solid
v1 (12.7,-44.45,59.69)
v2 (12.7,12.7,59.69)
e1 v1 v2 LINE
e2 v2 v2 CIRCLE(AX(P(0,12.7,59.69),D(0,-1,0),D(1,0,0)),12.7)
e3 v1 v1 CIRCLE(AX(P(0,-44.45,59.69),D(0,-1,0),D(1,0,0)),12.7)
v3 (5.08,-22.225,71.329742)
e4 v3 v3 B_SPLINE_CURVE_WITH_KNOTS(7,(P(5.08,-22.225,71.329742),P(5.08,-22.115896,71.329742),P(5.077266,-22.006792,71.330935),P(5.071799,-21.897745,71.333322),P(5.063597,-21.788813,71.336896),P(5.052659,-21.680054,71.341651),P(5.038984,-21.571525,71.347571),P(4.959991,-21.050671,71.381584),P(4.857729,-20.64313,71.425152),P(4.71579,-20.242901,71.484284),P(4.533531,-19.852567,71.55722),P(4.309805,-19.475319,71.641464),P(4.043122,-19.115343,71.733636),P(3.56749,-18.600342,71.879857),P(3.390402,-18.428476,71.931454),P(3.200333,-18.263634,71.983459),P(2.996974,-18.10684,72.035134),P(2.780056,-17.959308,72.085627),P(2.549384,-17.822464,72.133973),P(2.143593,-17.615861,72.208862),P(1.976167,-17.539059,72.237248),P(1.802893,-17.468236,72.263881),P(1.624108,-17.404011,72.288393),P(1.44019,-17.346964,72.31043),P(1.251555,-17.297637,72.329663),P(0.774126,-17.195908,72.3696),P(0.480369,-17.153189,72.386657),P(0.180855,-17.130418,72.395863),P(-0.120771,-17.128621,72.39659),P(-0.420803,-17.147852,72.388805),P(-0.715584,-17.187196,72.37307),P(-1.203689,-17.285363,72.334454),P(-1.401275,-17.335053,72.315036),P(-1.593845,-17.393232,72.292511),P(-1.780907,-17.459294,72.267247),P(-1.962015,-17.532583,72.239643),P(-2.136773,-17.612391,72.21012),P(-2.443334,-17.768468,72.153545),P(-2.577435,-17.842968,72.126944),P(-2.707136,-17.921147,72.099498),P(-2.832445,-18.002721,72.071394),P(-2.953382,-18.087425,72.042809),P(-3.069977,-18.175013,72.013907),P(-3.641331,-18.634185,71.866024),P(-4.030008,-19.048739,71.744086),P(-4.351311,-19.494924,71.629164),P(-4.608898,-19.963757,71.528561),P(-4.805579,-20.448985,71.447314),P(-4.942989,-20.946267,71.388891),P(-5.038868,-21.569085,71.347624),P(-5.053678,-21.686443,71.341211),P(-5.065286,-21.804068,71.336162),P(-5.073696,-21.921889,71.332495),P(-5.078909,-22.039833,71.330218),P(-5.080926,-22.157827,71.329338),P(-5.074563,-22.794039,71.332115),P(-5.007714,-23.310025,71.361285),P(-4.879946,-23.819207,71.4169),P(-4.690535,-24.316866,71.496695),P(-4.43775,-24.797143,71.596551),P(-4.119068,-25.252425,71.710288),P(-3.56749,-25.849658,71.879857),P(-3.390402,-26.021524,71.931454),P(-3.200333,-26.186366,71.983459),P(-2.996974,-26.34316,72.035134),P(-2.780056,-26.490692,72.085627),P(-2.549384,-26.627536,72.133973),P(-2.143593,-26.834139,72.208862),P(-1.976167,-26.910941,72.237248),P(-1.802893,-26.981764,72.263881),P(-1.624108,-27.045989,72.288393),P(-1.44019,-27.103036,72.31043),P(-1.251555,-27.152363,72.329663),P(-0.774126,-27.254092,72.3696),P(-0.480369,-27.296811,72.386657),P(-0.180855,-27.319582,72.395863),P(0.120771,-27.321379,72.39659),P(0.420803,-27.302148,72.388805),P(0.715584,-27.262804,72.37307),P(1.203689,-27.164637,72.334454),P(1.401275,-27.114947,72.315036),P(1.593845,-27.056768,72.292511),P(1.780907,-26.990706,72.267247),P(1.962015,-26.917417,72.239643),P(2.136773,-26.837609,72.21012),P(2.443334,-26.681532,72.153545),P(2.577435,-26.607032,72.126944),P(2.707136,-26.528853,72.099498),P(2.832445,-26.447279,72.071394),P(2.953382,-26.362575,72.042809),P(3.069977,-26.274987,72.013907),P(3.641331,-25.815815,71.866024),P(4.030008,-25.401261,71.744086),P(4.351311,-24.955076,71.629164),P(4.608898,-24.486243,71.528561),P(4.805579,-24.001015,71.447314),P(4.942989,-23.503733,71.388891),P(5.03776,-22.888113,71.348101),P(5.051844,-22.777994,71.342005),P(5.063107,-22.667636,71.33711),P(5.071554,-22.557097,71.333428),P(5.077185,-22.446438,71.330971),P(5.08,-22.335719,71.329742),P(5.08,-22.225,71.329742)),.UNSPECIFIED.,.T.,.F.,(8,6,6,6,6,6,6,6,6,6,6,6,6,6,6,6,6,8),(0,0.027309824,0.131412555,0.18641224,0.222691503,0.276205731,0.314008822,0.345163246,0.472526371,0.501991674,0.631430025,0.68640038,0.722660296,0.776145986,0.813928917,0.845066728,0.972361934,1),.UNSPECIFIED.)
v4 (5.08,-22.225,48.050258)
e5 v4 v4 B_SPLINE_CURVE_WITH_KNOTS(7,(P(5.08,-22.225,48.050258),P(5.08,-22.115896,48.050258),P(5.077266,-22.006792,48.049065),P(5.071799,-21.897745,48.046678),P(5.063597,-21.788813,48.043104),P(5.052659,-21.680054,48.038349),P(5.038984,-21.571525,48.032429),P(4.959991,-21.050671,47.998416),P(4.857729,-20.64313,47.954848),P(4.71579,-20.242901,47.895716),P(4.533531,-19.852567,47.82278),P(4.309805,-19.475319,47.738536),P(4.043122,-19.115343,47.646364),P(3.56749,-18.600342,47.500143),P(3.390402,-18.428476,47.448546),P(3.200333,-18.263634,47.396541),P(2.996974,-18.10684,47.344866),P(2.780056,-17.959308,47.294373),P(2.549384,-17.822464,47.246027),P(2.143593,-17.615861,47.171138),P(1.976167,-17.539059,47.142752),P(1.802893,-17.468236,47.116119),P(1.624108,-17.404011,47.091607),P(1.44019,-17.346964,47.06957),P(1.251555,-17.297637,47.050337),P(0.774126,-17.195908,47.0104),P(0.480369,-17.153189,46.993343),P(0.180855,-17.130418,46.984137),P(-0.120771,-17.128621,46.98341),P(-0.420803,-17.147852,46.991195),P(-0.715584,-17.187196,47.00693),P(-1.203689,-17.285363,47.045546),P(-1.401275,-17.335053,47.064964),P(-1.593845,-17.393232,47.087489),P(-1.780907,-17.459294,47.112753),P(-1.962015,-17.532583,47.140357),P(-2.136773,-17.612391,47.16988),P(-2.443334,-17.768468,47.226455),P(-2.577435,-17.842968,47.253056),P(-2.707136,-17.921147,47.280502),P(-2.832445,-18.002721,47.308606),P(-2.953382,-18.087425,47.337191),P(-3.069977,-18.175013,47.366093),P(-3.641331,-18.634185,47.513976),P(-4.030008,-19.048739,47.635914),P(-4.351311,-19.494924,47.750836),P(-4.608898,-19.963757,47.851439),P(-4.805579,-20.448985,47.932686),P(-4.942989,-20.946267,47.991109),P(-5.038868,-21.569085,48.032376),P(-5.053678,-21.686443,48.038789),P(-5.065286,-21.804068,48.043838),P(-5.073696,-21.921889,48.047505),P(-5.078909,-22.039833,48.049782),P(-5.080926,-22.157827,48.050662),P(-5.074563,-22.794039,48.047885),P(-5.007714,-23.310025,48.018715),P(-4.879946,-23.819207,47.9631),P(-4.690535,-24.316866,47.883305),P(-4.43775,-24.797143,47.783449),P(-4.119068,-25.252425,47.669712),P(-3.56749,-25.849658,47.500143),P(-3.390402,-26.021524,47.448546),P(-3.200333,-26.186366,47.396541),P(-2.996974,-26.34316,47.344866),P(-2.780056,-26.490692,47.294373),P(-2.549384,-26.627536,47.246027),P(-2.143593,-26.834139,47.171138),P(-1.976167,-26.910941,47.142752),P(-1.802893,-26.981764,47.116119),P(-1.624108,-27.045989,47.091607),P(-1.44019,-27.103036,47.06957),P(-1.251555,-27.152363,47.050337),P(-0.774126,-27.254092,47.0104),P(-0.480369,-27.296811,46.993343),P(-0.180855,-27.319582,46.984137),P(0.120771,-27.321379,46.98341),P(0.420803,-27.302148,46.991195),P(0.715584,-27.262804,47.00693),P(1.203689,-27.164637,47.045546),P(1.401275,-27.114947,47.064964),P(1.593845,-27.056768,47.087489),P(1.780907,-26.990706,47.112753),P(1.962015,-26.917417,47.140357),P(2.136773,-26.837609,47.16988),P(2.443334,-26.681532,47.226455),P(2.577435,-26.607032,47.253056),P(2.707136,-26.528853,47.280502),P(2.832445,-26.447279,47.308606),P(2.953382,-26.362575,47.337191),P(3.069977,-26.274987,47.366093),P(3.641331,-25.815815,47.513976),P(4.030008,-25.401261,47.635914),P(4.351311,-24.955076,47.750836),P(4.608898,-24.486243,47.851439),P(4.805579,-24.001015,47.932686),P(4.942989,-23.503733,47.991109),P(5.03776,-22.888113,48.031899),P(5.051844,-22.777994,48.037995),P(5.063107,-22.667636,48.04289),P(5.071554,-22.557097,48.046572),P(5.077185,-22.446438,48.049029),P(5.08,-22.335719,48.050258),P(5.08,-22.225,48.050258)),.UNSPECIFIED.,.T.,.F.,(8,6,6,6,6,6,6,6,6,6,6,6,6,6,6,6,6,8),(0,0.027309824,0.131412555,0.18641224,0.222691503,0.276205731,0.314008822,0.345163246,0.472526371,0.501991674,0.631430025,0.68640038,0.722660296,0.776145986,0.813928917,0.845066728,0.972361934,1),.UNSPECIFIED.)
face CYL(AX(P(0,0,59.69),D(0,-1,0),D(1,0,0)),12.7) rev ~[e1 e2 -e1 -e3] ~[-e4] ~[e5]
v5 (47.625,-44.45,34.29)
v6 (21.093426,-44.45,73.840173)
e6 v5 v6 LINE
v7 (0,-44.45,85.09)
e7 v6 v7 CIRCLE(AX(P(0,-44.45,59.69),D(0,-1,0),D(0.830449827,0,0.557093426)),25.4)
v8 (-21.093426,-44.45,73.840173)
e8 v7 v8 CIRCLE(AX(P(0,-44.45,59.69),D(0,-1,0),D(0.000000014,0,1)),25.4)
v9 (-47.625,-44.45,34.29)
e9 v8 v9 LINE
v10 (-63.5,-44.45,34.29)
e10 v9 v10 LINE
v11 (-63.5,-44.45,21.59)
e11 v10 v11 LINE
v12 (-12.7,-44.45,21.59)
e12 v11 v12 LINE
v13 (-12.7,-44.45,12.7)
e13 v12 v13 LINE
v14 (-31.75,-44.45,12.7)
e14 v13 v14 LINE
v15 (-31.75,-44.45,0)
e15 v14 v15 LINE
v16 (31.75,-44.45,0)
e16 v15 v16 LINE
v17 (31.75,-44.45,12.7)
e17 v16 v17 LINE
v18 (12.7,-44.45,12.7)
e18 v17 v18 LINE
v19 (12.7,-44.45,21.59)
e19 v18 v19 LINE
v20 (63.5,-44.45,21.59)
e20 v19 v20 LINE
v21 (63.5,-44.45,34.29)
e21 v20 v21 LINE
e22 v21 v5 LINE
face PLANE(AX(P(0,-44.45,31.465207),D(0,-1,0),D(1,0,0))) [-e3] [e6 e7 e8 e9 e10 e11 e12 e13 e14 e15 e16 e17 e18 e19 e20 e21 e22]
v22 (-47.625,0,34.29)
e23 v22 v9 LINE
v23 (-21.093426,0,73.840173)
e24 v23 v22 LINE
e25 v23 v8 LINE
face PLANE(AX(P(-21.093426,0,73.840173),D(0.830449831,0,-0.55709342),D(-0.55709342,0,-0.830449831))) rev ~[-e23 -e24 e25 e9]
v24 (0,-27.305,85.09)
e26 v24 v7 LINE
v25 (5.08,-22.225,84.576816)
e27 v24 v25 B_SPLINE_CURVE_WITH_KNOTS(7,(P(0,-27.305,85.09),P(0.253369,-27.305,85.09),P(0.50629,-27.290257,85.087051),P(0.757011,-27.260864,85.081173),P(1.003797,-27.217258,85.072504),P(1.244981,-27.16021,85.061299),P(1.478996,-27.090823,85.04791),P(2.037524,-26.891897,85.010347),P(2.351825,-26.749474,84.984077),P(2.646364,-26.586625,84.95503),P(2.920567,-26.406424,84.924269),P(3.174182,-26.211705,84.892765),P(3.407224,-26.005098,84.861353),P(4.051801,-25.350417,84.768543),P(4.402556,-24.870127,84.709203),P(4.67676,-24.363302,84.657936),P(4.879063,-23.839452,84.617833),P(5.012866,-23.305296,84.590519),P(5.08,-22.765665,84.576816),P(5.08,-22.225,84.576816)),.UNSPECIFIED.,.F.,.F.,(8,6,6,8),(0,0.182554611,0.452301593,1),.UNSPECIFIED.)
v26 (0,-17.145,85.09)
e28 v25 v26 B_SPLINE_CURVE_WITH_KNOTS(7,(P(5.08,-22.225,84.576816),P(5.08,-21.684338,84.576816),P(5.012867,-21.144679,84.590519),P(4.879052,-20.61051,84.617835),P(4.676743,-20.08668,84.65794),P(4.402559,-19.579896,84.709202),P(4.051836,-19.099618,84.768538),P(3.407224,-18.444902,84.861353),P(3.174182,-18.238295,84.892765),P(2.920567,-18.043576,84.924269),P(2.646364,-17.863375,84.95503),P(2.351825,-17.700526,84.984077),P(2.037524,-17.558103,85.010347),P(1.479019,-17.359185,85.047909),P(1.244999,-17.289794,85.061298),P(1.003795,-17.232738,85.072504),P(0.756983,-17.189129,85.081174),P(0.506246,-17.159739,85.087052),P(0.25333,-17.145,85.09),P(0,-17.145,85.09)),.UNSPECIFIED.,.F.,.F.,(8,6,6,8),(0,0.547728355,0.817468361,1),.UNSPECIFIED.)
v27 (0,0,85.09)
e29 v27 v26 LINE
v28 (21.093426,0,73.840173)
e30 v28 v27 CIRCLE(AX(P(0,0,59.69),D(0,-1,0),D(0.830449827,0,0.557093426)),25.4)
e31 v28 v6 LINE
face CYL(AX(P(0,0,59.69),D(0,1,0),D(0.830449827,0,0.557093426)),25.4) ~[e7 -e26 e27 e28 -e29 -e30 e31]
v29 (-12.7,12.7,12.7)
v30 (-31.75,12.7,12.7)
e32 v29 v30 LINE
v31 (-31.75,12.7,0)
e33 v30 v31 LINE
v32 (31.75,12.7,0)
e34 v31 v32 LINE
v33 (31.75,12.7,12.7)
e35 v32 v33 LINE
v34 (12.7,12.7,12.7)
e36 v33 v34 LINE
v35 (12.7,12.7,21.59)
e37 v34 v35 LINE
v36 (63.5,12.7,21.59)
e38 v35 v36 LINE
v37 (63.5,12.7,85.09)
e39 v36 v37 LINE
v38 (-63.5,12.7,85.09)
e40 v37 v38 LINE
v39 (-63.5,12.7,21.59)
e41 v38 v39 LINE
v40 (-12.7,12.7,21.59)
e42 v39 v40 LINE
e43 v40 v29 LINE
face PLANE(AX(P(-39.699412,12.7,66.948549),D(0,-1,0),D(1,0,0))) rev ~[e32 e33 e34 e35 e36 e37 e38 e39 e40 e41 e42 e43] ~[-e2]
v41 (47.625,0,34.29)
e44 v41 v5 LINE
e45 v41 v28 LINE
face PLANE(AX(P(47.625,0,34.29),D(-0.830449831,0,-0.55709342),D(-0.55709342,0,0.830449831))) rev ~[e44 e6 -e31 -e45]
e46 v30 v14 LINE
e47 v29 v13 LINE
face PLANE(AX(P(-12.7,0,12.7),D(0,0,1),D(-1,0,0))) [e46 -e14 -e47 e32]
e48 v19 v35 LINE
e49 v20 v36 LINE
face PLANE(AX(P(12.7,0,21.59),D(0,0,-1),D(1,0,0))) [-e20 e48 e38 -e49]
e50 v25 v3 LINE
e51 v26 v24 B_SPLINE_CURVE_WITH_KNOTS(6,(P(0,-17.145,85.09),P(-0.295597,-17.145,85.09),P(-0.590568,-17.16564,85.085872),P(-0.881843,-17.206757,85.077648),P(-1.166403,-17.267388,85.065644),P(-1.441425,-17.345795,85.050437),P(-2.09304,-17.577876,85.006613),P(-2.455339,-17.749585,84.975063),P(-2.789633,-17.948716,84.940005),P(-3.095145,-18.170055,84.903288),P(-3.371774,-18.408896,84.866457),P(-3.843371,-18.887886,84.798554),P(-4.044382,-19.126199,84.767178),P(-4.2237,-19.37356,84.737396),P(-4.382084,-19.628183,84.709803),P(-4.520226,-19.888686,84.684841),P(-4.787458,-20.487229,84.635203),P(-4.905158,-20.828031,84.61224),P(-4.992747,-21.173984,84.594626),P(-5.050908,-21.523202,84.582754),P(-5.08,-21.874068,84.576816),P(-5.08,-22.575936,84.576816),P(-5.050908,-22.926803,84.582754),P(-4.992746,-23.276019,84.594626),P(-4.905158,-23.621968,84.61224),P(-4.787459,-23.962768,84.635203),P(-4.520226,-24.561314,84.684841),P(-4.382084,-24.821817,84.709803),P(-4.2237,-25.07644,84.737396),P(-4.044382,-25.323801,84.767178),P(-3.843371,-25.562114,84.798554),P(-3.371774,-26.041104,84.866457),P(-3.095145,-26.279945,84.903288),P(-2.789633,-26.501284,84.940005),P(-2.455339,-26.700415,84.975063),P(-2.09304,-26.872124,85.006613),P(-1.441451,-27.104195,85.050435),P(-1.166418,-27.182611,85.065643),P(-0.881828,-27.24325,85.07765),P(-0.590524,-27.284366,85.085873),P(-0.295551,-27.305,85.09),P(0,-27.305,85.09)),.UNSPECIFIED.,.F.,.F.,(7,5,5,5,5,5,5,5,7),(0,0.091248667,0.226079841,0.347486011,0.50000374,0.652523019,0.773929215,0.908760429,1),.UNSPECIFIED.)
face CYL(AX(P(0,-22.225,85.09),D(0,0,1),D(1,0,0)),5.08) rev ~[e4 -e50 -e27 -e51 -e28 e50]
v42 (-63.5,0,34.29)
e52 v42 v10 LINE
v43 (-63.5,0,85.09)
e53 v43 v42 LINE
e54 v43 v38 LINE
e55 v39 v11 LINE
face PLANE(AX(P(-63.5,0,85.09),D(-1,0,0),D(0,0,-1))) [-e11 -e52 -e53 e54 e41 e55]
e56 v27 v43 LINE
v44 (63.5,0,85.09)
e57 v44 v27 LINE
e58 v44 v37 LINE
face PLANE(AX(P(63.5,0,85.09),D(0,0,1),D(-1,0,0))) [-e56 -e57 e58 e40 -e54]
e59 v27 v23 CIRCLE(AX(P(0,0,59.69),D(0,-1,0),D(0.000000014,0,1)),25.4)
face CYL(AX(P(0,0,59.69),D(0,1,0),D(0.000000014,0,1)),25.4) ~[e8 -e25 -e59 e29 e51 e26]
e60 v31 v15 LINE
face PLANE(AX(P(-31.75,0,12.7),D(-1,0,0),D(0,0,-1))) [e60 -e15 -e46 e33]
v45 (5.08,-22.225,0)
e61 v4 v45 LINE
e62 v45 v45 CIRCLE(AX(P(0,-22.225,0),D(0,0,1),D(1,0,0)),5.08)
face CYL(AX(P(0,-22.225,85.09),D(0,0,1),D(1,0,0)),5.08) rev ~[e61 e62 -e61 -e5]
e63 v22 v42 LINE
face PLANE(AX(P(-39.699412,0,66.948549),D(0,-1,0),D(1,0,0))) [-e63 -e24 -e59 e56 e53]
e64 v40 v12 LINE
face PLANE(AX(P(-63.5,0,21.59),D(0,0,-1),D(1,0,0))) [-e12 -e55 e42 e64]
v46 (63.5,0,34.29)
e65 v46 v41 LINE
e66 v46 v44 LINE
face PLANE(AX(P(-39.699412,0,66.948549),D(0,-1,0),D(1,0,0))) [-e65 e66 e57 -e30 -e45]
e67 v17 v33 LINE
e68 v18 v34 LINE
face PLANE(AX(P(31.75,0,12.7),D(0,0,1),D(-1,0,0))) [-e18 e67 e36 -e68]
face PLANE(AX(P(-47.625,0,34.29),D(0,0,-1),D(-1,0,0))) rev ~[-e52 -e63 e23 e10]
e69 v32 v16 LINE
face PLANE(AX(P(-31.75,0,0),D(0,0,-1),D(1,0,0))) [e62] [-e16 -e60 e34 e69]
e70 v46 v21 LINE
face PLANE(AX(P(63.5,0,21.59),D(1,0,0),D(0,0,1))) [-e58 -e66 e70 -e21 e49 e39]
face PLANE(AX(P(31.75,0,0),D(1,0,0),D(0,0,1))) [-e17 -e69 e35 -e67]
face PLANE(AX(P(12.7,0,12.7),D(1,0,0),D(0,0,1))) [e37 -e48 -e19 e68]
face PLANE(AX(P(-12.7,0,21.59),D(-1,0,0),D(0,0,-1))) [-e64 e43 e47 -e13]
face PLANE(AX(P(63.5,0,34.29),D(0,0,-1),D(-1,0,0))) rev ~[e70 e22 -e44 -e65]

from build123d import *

# Parameters (mm, degrees)
F0_R     = 12.7
F1_DEPTH = 44.45
F2_DEPTH = 12.7
F3_R     = 5.08
F4_DEPTH = 85.091


with BuildPart() as f1:
    # F0 (on Front) → F1 (new body)
    with BuildSketch(Plane.XZ):
        with BuildLine():
            Line((-31.75, 0), (0, 0))
            Line((0, 0), (31.75, 0))
            Line((31.75, 0), (31.75, 12.7))
            Line((31.75, 12.7), (12.7, 12.7))
            Line((12.7, 12.7), (12.7, 21.59))
            Line((12.7, 21.59), (63.5, 21.59))
            Line((63.5, 21.59), (63.5, 34.29))
            Line((63.5, 34.29), (47.625, 34.29))
            Line((47.625, 34.29), (21.093426, 73.840173))
            ThreePointArc((21.093426, 73.840173), (11.952941, 82.101765), (0, 85.09))
            ThreePointArc((0, 85.09), (-11.952941, 82.101765), (-21.093426, 73.840173))
            Line((-21.093426, 73.840173), (-47.625, 34.29))
            Line((-47.625, 34.29), (-63.5, 34.29))
            Line((-63.5, 34.29), (-63.5, 21.59))
            Line((-63.5, 21.59), (-12.7, 21.59))
            Line((-12.7, 21.59), (-12.7, 12.7))
            Line((-12.7, 12.7), (-31.75, 12.7))
            Line((-31.75, 12.7), (-31.75, 0))
        make_face()
        with Locations((0, 59.69)):
            Circle(F0_R, mode=Mode.SUBTRACT)
    extrude(amount=F1_DEPTH)

    # F0 (on Front) → F2 (join)
    with BuildSketch(Plane.XZ):
        with BuildLine():
            Line((-63.5, 85.09), (-63.5, 34.29))
            Line((-63.5, 34.29), (-47.625, 34.29))
            Line((-47.625, 34.29), (-21.093426, 73.840173))
            ThreePointArc((-21.093426, 73.840173), (-11.952941, 82.101765), (0, 85.09))
            Line((0, 85.09), (-63.5, 85.09))
        make_face()
        with BuildLine():
            Line((47.625, 34.29), (63.5, 34.29))
            Line((63.5, 34.29), (63.5, 85.09))
            Line((63.5, 85.09), (0, 85.09))
            ThreePointArc((0, 85.09), (11.952941, 82.101765), (21.093426, 73.840173))
            Line((21.093426, 73.840173), (47.625, 34.29))
        make_face()
        with BuildLine():
            Line((-31.75, 0), (0, 0))
            Line((0, 0), (31.75, 0))
            Line((31.75, 0), (31.75, 12.7))
            Line((31.75, 12.7), (12.7, 12.7))
            Line((12.7, 12.7), (12.7, 21.59))
            Line((12.7, 21.59), (63.5, 21.59))
            Line((63.5, 21.59), (63.5, 34.29))
            Line((63.5, 34.29), (47.625, 34.29))
            Line((47.625, 34.29), (21.093426, 73.840173))
            ThreePointArc((21.093426, 73.840173), (11.952941, 82.101765), (0, 85.09))
            ThreePointArc((0, 85.09), (-11.952941, 82.101765), (-21.093426, 73.840173))
            Line((-21.093426, 73.840173), (-47.625, 34.29))
            Line((-47.625, 34.29), (-63.5, 34.29))
            Line((-63.5, 34.29), (-63.5, 21.59))
            Line((-63.5, 21.59), (-12.7, 21.59))
            Line((-12.7, 21.59), (-12.7, 12.7))
            Line((-12.7, 12.7), (-31.75, 12.7))
            Line((-31.75, 12.7), (-31.75, 0))
        make_face()
        with Locations((0, 59.69)):
            Circle(F0_R, mode=Mode.SUBTRACT)
    extrude(amount=-F2_DEPTH)

    # F3 (on face) → F4 (cut, through all)
    with BuildSketch(Plane.XY.offset(85.09)):
        with Locations((0, -22.225)):
            Circle(F3_R)
    extrude(amount=-F4_DEPTH, mode=Mode.SUBTRACT)


solid = f1.part
